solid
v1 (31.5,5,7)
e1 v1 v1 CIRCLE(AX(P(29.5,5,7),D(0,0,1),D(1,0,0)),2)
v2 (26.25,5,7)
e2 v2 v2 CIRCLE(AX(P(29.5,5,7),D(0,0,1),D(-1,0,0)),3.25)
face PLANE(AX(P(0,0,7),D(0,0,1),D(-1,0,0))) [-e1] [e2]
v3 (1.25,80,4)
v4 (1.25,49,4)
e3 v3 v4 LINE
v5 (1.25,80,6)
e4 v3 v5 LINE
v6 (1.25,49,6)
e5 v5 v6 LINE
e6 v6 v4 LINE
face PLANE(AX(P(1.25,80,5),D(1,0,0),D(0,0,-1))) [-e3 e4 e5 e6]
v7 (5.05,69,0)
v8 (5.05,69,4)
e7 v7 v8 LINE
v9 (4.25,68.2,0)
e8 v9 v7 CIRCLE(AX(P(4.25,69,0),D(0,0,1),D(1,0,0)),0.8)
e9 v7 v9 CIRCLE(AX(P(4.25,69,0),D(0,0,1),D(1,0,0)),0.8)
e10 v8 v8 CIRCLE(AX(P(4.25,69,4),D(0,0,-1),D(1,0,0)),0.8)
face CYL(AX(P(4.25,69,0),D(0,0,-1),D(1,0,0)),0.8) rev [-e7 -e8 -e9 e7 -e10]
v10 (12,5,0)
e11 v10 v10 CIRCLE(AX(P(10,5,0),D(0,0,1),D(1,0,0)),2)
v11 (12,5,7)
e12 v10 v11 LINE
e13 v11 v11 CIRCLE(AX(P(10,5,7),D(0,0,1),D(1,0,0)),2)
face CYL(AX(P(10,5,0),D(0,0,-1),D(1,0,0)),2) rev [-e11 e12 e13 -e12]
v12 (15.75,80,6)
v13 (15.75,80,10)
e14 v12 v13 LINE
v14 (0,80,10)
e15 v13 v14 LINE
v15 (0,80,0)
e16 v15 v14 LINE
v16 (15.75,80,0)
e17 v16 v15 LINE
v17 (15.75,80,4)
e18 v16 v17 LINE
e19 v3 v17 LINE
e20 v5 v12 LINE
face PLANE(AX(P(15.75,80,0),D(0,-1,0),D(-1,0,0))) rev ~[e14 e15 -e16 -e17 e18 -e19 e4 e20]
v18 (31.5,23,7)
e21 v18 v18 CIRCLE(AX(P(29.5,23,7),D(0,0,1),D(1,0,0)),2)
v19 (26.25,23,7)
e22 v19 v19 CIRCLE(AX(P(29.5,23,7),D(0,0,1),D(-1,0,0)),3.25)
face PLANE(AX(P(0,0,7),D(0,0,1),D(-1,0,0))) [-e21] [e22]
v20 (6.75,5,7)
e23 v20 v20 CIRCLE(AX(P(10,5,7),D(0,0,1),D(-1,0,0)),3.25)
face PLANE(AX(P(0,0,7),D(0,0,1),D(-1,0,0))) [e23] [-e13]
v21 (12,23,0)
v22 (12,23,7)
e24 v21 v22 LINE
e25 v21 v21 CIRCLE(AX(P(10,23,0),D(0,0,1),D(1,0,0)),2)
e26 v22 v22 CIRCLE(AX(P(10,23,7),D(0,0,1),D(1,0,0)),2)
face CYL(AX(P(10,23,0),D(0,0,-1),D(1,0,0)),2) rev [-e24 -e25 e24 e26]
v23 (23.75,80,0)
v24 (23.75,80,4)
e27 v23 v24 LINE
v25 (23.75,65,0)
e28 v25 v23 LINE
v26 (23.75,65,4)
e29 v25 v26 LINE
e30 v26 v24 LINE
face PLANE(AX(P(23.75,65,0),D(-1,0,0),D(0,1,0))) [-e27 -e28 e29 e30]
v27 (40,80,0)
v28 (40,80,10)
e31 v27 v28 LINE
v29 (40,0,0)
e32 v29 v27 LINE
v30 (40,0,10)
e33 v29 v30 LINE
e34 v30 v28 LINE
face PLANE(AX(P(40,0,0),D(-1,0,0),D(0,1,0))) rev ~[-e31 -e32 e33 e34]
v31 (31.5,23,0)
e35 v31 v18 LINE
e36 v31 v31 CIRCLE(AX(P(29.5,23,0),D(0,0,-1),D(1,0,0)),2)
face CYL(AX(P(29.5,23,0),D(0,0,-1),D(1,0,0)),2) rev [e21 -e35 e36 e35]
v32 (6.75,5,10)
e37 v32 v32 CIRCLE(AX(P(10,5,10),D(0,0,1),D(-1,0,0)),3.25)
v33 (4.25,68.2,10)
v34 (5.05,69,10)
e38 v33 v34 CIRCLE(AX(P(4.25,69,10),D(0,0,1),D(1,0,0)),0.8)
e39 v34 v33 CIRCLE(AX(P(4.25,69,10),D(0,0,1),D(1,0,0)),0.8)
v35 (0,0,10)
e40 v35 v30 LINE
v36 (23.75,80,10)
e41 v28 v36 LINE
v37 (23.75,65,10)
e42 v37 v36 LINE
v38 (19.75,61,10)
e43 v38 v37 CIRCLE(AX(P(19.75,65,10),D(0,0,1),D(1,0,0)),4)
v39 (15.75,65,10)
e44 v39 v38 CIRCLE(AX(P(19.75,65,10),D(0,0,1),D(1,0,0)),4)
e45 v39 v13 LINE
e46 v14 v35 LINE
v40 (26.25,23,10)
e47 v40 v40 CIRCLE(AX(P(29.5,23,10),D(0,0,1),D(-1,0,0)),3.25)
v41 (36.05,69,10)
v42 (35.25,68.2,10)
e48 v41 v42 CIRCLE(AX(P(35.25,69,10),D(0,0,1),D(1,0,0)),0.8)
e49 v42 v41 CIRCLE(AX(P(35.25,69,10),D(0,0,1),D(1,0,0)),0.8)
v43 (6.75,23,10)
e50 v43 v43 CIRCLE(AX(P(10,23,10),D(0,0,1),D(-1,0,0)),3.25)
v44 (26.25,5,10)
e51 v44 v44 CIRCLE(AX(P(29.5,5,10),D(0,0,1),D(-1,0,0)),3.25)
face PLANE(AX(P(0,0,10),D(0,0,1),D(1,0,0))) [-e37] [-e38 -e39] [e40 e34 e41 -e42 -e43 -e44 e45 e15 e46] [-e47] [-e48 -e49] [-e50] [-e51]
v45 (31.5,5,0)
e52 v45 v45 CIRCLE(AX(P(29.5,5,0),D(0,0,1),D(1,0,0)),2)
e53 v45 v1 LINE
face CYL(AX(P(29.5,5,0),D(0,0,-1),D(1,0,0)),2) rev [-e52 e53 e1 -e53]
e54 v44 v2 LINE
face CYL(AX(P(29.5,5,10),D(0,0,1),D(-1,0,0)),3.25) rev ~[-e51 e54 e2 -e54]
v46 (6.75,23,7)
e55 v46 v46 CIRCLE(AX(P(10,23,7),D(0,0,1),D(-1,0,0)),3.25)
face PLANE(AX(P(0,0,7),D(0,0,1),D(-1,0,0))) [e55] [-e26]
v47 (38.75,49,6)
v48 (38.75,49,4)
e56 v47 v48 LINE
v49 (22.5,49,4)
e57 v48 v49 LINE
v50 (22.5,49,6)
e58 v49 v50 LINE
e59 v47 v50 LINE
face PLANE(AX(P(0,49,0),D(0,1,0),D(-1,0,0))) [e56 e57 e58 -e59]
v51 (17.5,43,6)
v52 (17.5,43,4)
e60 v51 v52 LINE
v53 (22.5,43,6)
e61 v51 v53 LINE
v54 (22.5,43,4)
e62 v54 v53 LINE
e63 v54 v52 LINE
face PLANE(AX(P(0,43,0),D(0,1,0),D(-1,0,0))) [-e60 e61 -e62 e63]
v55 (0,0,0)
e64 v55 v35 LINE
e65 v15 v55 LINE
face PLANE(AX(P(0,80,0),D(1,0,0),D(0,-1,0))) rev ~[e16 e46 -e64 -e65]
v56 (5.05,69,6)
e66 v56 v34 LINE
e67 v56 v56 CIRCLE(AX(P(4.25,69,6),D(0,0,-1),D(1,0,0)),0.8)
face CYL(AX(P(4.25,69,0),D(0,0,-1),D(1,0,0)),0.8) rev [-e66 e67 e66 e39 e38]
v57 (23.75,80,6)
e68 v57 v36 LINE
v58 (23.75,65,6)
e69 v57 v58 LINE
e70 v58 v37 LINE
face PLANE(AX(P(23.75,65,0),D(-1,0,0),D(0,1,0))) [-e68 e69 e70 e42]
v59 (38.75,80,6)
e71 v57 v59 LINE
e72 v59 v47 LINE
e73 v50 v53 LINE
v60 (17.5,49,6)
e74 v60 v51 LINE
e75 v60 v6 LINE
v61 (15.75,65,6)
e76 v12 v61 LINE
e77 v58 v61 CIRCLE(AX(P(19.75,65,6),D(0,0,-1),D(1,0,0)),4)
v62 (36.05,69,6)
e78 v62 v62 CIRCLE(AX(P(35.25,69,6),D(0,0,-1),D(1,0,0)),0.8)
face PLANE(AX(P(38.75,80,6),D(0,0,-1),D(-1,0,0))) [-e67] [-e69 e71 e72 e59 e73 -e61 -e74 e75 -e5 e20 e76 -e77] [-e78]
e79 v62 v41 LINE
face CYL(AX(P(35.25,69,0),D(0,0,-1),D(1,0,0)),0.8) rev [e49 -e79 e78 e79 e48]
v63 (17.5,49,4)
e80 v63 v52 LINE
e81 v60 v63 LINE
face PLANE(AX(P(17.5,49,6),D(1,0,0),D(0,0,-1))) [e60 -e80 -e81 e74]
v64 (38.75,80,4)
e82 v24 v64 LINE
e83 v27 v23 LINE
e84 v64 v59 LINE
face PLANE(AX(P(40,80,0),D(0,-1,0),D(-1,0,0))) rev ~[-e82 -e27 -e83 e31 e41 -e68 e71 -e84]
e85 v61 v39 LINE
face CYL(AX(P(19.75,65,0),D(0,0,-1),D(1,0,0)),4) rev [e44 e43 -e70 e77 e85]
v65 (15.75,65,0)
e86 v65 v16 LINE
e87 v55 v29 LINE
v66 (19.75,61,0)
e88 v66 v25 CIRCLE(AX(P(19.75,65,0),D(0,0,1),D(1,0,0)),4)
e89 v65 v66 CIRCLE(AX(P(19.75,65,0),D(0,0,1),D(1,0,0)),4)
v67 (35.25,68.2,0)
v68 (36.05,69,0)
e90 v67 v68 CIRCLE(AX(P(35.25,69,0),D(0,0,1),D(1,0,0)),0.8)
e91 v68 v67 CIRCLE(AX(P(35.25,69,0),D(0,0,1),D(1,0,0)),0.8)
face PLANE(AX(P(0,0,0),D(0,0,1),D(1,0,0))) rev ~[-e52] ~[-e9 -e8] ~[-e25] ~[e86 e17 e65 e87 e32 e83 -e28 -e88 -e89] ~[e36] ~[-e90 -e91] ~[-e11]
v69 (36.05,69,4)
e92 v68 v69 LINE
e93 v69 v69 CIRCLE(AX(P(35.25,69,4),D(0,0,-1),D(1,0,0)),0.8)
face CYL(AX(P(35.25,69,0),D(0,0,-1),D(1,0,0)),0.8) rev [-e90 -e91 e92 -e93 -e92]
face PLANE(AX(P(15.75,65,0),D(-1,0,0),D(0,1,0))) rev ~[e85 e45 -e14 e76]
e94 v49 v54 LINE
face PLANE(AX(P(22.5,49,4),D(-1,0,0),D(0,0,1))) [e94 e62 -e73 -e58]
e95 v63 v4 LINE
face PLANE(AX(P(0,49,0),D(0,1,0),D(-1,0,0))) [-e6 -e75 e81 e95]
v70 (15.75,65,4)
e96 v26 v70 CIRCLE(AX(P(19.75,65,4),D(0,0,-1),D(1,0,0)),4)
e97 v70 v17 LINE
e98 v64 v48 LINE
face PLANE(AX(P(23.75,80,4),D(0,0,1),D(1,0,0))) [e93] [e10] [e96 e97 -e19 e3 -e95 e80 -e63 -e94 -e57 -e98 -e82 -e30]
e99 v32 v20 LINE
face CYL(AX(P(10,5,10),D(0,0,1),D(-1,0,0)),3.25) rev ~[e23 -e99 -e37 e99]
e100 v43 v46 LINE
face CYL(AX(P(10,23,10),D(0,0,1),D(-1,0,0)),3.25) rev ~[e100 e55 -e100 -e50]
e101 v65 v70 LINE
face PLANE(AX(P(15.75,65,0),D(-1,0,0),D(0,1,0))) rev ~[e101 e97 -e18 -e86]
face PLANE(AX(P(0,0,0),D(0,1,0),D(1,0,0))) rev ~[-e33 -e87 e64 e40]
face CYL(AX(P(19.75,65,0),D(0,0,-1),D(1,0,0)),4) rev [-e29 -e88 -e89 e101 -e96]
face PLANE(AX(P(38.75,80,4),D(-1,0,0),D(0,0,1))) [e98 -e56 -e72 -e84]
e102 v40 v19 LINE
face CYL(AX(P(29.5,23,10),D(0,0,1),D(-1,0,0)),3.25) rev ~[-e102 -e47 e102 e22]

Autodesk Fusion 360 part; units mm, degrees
sketch "Sketch1" plane through (0, 0, 0) normal (0, 0, 1) x (1, 0, 0)
  line L0 (0, 0) -> (40, 0)
  line L1 (40, 0) -> (40, 80)
  line L2 (40, 80) -> (0, 80)
  line L3 (0, 80) -> (0, 0)
  line L4 (10, 5) -> (29.5, 5)
  line L5 (29.5, 5) -> (29.5, 23)
  line L6 (29.5, 23) -> (10, 23)
  line L7 (10, 23) -> (10, 5)
  line L8 (19.75, 23) -> (19.75, 65)
  circle A0 centre (19.75, 65) radius 4
  circle A1 centre (10, 23) radius 2
  circle A2 centre (10, 5) radius 2
  circle A3 centre (29.5, 23) radius 2
  circle A4 centre (29.5, 5) radius 2
  line L9 (15.75, 65) -> (15.75, 80)
  line L10 (23.75, 65) -> (23.75, 80)
  line L11 (19.75, 61) -> (35.25, 61)
  line L12 (19.75, 61) -> (4.25, 61)
  line L13 (35.25, 61) -> (35.25, 69)
  circle A5 centre (35.25, 69) radius 0.8
  line L14 (4.25, 61) -> (4.25, 69)
  circle A6 centre (4.25, 69) radius 0.8
  dimension "d1" = 40
  dimension "d2" = 80
  dimension "d3" = 19.5
  dimension "d4" = 18
  dimension "d6" = 42
  dimension "d7" = 8
  dimension "d8" = 4
  dimension "d9" = 4
  dimension "d10" = 4
  dimension "d11" = 4
  dimension "d22" = 15.5
  dimension "d23" = 15.5
  dimension "d24" = 8
  dimension "d25" = 1.6
  dimension "d26" = 8
  dimension "d27" = 1.6
extrude "Extrude1" add sketch "Sketch1" along normal blind 10 contours L4 L5 L6 L7 A1 A2 A3 A4 | L0 L1 L2 L3 A0 L9 L10
sketch "Sketch3" plane through (0, 80, 0) normal (0, 1, 0) x (-1, 0, 0)
  line L0 (-40, 0) -> (-23.75, 0)
  line L1 (-23.75, 0) -> (-23.75, 10)
  line L2 (-23.75, 10) -> (-40, 10)
  line L3 (-40, 10) -> (-40, 0)
  line L4 (-40, 0) -> (-40, 4)
  line L5 (-40, 4) -> (-40, 6)
  line L6 (-40, 6) -> (-40, 10)
  line L7 (-20, 4) -> (-20, 6)
  line L8 (-20, 5) -> (-1.25, 5)
  line L9 (-20, 5) -> (-38.75, 5)
  line L10 (-38.75, 5) -> (-38.75, 6)
  line L11 (-1.25, 5) -> (-1.25, 4)
  line L12 (-38.75, 6) -> (-1.25, 6)
  line L13 (-1.25, 6) -> (-1.25, 4)
  line L14 (-1.25, 4) -> (-38.75, 4)
  line L15 (-38.75, 4) -> (-38.75, 6)
  dimension "d14" = 4
  dimension "d15" = 2
  dimension "d16" = 18.75
  dimension "d17" = 18.75
  dimension "d18" = 1
  dimension "d19" = 1
extrude "Extrude2" cut sketch "Sketch3" against normal blind 31 contours L1 L9 L14 L15 | L1 L7 L9 L14 | L1 L9 L10 L12 L15 | L1 L7 L9 L12 | L7 L8 L11 L13 L14 | L7 L8 L12 L13
sketch "Sketch4" plane through (0, 49, 0) normal (0, 1, 0) x (-1, 0, 0)
  line L0 (-1.25, 6) -> (-38.75, 6)
  line L1 (-38.75, 6) -> (-38.75, 4)
  line L2 (-38.75, 4) -> (-1.25, 4)
  line L3 (-1.25, 4) -> (-1.25, 6)
  line L4 (-22.5, 6) -> (-17.5, 6)
  line L5 (-17.5, 6) -> (-17.5, 4)
  line L6 (-17.5, 4) -> (-22.5, 4)
  line L7 (-22.5, 4) -> (-22.5, 6)
  dimension "d30" = 5
  dimension "d31" = 2
extrude "Extrude3" cut sketch "Sketch4" against normal blind 6 contours L0 L2 L4 L5 L6 L7
sketch "Sketch5" plane through (0, 0, 10) normal (0, 0, 1) x (-1, 0, 0)
  circle A0 centre (-10, -23) radius 2
  circle A1 centre (-29.5, -5) radius 2
  circle A2 centre (-35.25, -69) radius 0.8
  circle A3 centre (-4.25, -69) radius 0.8
  circle A4 centre (-29.5, -23) radius 2
  circle A5 centre (-10, -5) radius 2
  line L0 (-15.75, -65) -> (-15.75, -80)
  line L1 (-15.75, -80) -> (0, -80)
  line L2 (0, -80) -> (0, 0)
  line L3 (0, 0) -> (-40, 0)
  line L4 (-40, 0) -> (-40, -80)
  line L5 (-40, -80) -> (-23.75, -80)
  line L6 (-23.75, -80) -> (-23.75, -65)
  arc A6 (-15.75, -65) -> (-23.75, -65) centre (-19.75, -65) ccw
  circle A7 centre (-10, -5) radius 3.25
  circle A8 centre (-10, -23) radius 3.25
  circle A9 centre (-29.5, -5) radius 3.25
  circle A10 centre (-29.5, -23) radius 3.25
  dimension "d34" = 6.5
  dimension "d35" = 6.5
  dimension "d36" = 6.5
  dimension "d37" = 6.5
extrude "Extrude4" cut sketch "Sketch5" against normal blind 3 contours A7 | A8 | A9 | A10
